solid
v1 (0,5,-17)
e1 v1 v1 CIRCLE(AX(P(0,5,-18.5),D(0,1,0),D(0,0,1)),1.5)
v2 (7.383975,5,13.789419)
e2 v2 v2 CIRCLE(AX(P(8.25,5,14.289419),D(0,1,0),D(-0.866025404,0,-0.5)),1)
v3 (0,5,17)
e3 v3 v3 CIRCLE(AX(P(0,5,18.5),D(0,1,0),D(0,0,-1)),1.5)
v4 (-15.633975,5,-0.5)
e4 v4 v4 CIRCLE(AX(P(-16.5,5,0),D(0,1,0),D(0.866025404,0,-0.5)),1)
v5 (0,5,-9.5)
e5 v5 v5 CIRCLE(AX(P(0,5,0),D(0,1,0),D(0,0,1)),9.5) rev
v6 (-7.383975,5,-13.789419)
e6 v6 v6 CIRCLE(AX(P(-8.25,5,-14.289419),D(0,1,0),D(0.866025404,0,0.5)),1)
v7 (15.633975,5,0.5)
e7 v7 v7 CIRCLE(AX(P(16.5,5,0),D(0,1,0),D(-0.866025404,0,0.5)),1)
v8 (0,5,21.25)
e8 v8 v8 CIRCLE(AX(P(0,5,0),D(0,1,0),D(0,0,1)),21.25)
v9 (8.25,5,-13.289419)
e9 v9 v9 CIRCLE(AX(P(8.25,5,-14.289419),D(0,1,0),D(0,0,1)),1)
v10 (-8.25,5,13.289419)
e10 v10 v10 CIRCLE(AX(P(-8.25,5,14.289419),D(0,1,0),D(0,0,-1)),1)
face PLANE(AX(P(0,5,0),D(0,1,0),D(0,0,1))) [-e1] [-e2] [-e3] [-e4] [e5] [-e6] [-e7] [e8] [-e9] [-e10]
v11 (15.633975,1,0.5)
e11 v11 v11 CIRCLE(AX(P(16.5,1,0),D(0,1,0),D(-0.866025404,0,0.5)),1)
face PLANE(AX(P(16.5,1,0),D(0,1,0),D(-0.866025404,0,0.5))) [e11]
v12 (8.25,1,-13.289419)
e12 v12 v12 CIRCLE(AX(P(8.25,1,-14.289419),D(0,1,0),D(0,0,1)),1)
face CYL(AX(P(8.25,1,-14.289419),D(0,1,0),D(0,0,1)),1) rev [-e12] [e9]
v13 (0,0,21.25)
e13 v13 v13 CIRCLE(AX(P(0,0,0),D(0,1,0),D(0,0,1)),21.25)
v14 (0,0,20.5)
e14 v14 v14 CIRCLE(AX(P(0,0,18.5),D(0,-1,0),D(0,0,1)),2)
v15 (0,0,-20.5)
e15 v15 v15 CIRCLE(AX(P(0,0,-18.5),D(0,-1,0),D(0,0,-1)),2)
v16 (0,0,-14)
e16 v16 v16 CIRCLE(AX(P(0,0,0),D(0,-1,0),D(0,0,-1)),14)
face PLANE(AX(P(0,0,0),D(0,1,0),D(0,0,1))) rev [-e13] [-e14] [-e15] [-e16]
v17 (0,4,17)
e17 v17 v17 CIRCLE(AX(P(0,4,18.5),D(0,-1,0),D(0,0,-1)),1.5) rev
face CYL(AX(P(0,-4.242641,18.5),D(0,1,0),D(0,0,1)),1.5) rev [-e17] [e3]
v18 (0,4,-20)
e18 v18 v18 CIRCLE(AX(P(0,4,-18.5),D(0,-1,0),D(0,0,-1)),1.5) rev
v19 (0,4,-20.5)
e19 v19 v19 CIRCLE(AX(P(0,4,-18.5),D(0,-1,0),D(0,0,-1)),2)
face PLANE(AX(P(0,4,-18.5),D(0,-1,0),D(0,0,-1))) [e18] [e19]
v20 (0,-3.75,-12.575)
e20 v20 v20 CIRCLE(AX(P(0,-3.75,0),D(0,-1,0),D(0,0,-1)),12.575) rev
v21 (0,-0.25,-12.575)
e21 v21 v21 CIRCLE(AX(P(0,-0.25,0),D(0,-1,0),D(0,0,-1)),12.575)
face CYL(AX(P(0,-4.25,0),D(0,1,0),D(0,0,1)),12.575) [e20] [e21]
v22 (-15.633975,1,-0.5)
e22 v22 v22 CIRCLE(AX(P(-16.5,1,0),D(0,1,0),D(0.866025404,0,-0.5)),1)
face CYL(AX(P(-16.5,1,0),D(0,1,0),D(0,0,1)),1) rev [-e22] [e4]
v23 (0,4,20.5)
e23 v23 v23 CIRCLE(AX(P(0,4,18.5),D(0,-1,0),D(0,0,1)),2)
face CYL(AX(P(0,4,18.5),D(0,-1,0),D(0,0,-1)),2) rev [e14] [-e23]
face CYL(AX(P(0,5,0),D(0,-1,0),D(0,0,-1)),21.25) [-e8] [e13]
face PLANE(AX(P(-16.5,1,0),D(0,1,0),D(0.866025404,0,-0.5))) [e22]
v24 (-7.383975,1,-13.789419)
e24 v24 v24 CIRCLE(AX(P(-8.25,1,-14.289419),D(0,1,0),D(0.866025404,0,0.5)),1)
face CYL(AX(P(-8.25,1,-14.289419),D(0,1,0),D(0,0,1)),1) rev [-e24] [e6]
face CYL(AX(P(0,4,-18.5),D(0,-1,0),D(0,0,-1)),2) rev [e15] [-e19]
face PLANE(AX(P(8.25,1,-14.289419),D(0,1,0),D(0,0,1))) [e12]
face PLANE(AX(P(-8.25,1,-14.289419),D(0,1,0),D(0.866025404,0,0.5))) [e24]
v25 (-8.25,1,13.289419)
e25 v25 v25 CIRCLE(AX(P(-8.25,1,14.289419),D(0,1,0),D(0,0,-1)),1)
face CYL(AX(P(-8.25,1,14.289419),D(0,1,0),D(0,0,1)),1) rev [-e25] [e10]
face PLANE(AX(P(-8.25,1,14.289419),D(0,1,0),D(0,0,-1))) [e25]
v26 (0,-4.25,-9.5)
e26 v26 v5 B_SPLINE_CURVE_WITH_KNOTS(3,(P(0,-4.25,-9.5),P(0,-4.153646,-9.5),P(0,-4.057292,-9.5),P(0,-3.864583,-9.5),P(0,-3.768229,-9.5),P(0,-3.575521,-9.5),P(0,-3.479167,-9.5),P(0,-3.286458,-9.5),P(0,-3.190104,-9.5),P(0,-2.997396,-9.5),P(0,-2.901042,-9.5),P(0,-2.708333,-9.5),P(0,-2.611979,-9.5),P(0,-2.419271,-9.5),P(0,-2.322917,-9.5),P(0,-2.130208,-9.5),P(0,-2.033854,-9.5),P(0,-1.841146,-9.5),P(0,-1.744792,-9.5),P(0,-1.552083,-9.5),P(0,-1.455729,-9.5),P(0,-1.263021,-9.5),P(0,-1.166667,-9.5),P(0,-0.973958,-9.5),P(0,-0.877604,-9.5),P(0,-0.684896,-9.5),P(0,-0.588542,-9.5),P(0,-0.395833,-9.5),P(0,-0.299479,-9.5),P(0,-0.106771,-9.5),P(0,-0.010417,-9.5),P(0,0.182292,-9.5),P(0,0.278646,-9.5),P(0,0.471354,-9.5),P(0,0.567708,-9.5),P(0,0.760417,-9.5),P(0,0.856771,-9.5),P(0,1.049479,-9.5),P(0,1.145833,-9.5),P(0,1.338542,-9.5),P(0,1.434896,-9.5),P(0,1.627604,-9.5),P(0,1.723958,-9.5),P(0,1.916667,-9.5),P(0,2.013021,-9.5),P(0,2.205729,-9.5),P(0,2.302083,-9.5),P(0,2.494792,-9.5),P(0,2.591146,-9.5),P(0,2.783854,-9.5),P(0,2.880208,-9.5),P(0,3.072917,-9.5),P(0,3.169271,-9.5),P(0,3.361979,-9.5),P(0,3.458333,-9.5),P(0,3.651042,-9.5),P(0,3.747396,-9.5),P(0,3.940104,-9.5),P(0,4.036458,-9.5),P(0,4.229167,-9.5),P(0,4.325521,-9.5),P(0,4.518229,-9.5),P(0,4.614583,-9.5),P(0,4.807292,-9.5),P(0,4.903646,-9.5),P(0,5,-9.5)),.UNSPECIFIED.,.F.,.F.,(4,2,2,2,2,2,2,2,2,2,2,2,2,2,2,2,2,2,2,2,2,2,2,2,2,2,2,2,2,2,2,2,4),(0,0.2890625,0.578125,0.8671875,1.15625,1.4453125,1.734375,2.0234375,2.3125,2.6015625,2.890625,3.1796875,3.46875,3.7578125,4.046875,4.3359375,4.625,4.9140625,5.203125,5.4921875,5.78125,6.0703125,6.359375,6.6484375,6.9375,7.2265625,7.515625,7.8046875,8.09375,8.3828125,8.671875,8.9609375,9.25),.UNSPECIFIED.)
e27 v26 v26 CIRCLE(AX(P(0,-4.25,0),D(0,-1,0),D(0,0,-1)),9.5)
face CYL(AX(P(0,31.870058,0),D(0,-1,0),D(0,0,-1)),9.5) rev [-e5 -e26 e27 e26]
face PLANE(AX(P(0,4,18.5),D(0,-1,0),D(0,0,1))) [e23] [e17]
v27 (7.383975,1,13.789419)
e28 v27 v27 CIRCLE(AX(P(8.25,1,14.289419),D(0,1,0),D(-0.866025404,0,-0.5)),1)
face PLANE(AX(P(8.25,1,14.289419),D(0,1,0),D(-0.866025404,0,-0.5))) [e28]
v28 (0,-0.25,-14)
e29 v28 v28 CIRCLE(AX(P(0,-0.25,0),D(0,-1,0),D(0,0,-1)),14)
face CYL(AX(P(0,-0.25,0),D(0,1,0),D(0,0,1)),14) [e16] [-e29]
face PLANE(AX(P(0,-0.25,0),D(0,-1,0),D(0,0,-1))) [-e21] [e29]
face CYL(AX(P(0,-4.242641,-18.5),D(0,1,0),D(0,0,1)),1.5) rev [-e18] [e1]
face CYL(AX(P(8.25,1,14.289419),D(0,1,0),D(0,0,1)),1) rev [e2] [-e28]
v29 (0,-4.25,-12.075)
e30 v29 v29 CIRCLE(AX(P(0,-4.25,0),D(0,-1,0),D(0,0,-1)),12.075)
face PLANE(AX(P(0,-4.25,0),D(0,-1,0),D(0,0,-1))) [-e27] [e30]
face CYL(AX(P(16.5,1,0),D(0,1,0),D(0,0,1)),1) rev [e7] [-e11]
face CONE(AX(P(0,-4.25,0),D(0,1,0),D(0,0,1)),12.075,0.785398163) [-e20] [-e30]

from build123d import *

# Parameters (mm, degrees)
SKETCH1_R           = 21.25
BOSS_EXTRUDE1_DEPTH = 5
SKETCH2_R           = 1.5
CUT_EXTRUDE1_DEPTH  = 5
SKETCH3_R           = 2
CUT_EXTRUDE2_DEPTH  = 4
CIRPATTERN1_COUNT   = 2
SKETCH5_R           = 14
BOSS_EXTRUDE2_DEPTH = 0.25
SKETCH6_R           = 12.575
BOSS_EXTRUDE3_DEPTH = 4
CHAMFER1_SIZE       = 0.5
SKETCH7_R           = 9.5
CUT_EXTRUDE3_DEPTH  = 9.25
SKETCH8_R           = 1
CUT_EXTRUDE4_DEPTH  = 4
CIRPATTERN2_COUNT   = 6


with BuildPart() as part:
    # Sketch1 → Boss-Extrude1 (new body)
    with BuildSketch(Plane(origin=(0, 0, 0), x_dir=(1, 0, 0), z_dir=(0, 1, 0))):
        with Locations(Location((0, 0, 0), (0, 0, 270))):
            Circle(SKETCH1_R)
    extrude(amount=BOSS_EXTRUDE1_DEPTH)

    # Sketch2 → Cut-Extrude1 (cut)
    with BuildSketch(Plane(origin=(0, 5, 0), x_dir=(1, 0, 0), z_dir=(0, 1, 0))):
        with Locations(Location((0, 18.5, 0), (0, 0, 270))):
            Circle(SKETCH2_R)
    cut_extrude1 = extrude(amount=-CUT_EXTRUDE1_DEPTH, mode=Mode.SUBTRACT)

    # Sketch3 → Cut-Extrude2 (cut)
    with BuildSketch(Plane.XZ):
        with Locations(Location((0, -18.5, 0), (0, 0, 270))):
            Circle(SKETCH3_R)
    cut_extrude2 = extrude(amount=-CUT_EXTRUDE2_DEPTH, mode=Mode.SUBTRACT)

    # CirPattern1: Cut-Extrude1, Cut-Extrude2 ×2 about axis
    cirpattern1_axis = Axis((0, 0, 0), (0, 1, 0))
    add([cut_extrude1.rotate(cirpattern1_axis, i * 360 / CIRPATTERN1_COUNT) for i in range(1, CIRPATTERN1_COUNT)], mode=Mode.SUBTRACT)
    add([cut_extrude2.rotate(cirpattern1_axis, i * 360 / CIRPATTERN1_COUNT) for i in range(1, CIRPATTERN1_COUNT)], mode=Mode.SUBTRACT)

    # Sketch5 → Boss-Extrude2 (add)
    with BuildSketch(Plane.XZ):
        with Locations(Location((0, 0, 0), (0, 0, 270))):
            Circle(SKETCH5_R)
    extrude(amount=BOSS_EXTRUDE2_DEPTH)

    # Sketch6 → Boss-Extrude3 (add)
    with BuildSketch(Plane.XZ.offset(0.25)):
        with Locations(Location((0, 0, 0), (0, 0, 270))):
            Circle(SKETCH6_R)
    extrude(amount=BOSS_EXTRUDE3_DEPTH)

    # Chamfer1
    chamfer1_edges = [part.edges().sort_by_distance(p)[0] for p in [
        (0, -4.25, 12.575),
    ]]
    chamfer(chamfer1_edges, length=CHAMFER1_SIZE)

    # Sketch7 → Cut-Extrude3 (cut)
    with BuildSketch(Plane.XZ.offset(4.25)):
        with Locations(Location((0, 0, 0), (0, 0, 270))):
            Circle(SKETCH7_R)
    extrude(amount=-CUT_EXTRUDE3_DEPTH, mode=Mode.SUBTRACT)

    # Sketch8 → Cut-Extrude4 (cut)
    with BuildSketch(Plane(origin=(0, 5, 0), x_dir=(1, 0, 0), z_dir=(0, 1, 0))):
        with Locations(Location((8.25, 14.289419162, 0), (0, 0, 270))):
            Circle(SKETCH8_R)
    cut_extrude4 = extrude(amount=-CUT_EXTRUDE4_DEPTH, mode=Mode.SUBTRACT)

    # CirPattern2: Cut-Extrude4 ×6 about axis
    cirpattern2_axis = Axis((0, 0, 0), (0, 1, 0))
    for i in range(1, CIRPATTERN2_COUNT):
        add(cut_extrude4.rotate(cirpattern2_axis, i * 360 / CIRPATTERN2_COUNT), mode=Mode.SUBTRACT)


solid = part.part
